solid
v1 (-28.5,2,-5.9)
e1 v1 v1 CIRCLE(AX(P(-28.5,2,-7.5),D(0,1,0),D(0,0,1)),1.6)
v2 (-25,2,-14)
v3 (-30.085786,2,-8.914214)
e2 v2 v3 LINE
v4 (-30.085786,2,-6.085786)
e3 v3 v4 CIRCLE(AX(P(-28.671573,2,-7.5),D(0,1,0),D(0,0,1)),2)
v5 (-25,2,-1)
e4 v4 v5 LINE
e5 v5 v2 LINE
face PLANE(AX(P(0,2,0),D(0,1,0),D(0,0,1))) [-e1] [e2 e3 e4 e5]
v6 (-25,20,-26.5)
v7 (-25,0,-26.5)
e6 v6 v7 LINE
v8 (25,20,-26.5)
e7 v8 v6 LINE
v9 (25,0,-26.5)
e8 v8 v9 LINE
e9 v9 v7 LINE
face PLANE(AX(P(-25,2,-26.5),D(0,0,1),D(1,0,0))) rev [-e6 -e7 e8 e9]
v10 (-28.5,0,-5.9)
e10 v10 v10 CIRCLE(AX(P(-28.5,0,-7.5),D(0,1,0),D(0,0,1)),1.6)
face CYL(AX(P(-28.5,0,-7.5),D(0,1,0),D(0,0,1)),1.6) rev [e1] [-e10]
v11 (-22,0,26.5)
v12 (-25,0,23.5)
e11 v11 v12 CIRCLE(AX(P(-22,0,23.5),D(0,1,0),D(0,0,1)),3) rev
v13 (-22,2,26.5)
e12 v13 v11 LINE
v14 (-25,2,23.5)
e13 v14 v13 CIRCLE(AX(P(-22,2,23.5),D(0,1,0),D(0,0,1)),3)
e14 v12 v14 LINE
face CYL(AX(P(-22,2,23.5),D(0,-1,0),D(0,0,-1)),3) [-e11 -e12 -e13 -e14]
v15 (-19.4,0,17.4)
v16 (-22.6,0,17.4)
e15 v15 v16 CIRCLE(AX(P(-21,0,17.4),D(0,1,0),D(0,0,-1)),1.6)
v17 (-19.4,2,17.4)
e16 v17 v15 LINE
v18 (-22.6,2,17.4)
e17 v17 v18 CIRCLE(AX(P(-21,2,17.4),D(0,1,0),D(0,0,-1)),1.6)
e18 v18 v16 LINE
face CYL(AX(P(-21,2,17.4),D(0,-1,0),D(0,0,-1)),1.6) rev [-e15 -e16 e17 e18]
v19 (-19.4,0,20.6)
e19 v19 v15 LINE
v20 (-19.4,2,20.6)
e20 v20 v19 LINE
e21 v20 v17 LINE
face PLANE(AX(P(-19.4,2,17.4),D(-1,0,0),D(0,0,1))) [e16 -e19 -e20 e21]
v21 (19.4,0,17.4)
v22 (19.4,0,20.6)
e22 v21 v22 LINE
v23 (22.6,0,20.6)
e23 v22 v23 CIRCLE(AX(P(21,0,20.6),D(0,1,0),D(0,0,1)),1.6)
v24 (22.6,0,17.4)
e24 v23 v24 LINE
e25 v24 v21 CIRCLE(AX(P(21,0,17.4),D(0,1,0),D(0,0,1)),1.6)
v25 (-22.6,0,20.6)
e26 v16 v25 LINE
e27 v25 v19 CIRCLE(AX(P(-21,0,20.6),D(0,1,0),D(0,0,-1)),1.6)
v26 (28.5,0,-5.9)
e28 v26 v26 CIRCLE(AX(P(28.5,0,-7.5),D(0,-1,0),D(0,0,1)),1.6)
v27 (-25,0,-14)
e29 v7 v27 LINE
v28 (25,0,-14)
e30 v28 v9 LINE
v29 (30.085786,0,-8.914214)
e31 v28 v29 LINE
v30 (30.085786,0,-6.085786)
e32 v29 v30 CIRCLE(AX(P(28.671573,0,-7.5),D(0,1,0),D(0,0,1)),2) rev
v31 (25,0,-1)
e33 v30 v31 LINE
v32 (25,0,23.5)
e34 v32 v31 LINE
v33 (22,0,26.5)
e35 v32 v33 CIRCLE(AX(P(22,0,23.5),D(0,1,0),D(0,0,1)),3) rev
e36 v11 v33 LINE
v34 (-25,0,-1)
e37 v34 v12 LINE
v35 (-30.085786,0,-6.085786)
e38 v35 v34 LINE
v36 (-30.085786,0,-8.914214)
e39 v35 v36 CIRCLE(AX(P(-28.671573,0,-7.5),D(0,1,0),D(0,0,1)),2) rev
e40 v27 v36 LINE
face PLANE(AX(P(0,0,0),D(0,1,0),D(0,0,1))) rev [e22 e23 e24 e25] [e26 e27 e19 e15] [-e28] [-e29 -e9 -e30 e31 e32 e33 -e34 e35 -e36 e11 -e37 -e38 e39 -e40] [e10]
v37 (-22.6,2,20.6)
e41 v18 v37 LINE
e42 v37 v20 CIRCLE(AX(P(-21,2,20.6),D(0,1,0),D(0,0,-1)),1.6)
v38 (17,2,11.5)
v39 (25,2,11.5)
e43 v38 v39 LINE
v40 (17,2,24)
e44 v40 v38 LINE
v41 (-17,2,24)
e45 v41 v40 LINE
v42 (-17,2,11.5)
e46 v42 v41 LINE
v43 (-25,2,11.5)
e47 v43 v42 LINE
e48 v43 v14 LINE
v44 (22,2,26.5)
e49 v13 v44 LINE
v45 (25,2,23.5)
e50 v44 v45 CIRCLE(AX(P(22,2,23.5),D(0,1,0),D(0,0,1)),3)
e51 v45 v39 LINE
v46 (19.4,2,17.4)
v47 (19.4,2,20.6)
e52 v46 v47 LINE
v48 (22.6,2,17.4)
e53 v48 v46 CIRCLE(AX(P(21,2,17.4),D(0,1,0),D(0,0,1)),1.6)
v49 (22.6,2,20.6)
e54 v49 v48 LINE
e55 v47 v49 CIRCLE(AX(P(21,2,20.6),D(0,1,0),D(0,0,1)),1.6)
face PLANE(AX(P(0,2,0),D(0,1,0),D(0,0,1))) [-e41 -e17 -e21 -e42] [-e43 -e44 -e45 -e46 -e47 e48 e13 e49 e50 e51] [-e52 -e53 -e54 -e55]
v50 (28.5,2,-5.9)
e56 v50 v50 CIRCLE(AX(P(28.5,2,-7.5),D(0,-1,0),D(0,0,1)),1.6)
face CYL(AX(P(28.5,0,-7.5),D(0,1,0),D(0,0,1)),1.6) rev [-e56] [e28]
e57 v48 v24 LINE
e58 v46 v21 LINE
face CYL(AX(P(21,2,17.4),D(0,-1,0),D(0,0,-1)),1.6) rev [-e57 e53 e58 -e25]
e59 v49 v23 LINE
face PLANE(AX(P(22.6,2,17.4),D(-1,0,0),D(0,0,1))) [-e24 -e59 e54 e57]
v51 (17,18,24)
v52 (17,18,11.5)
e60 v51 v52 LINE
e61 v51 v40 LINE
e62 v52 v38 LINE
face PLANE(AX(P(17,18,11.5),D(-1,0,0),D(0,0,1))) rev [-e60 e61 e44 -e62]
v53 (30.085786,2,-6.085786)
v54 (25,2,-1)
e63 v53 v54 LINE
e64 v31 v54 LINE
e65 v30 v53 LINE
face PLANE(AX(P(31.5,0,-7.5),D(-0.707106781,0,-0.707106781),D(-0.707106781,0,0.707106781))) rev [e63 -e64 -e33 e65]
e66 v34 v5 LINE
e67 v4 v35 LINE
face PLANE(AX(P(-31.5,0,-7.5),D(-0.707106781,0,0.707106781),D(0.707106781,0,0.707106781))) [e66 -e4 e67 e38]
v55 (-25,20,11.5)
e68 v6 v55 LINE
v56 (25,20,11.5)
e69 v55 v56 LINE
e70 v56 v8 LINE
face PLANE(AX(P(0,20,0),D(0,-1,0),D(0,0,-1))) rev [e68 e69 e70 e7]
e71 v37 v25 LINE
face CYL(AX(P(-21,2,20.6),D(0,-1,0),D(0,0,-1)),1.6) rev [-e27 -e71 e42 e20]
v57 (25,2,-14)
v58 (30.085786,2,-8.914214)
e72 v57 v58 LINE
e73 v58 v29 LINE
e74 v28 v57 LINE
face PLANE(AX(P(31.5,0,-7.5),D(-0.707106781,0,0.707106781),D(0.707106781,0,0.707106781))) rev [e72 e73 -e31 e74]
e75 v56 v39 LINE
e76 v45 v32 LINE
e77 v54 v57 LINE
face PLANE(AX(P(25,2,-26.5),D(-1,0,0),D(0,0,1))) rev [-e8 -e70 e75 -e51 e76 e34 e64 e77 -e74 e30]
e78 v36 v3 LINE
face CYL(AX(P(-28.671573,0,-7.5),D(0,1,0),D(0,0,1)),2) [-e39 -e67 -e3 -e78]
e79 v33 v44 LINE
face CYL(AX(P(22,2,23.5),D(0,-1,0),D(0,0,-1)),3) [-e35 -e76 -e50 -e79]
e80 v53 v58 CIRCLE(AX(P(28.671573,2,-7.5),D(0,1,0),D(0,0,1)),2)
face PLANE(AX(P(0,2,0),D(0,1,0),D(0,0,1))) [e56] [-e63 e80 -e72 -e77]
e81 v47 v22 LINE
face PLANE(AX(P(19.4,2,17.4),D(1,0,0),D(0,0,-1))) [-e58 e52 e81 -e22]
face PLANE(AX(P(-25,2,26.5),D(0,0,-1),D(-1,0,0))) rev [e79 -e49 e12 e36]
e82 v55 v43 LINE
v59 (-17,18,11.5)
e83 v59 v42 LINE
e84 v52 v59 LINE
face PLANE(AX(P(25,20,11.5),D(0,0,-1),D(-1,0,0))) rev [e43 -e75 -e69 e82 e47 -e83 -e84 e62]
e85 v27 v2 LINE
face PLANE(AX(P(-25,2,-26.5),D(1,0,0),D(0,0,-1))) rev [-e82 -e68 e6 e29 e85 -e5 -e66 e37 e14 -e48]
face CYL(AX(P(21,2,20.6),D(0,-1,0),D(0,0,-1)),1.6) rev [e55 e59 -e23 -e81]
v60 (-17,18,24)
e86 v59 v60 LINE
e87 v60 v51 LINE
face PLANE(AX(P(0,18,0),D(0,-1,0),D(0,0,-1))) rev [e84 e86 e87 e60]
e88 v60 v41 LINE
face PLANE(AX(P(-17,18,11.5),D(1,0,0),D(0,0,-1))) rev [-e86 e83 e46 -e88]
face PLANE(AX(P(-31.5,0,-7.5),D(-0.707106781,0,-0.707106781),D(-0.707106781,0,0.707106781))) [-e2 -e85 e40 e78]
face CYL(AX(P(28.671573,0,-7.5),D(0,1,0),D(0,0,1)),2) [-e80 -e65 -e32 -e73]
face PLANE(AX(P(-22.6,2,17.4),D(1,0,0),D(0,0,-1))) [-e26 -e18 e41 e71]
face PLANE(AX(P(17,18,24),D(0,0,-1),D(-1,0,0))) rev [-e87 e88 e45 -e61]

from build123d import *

# Parameters (mm, degrees)
SZKIC2_W                    = 50
SZKIC2_H                    = 53
DODANIE_WYCI_GNI_CIE1_DEPTH = 2
ZAOKR_GLENIE1_R             = 3
SZKIC3_W                    = 50
SZKIC3_H                    = 38
DODANIE_WYCI_GNI_CIE2_DEPTH = 18
SZKIC4_W                    = 34
SZKIC4_H                    = 12.5
DODANIE_WYCI_GNI_CIE3_DEPTH = 16
SZKIC5_R                    = 1.6
DODANIE_WYCI_GNI_CIE4_DEPTH = 2
ZAOKR_GLENIE2_R             = 2


with BuildPart() as part:
    # Szkic2 → Dodanie-wyciągnięcie1 (new body)
    with BuildSketch(Plane(origin=(0, 0, 0), x_dir=(1, 0, 0), z_dir=(0, 1, 0))):
        Rectangle(SZKIC2_W, SZKIC2_H)
        with BuildLine():
            Line((22.6, -17.4), (22.6, -20.6))
            ThreePointArc((22.6, -20.6), (21, -22.2), (19.4, -20.6))
            Line((19.4, -20.6), (19.4, -17.4))
            ThreePointArc((19.4, -17.4), (21, -15.8), (22.6, -17.4))
        make_face(mode=Mode.SUBTRACT)
        with BuildLine():
            Line((-22.6, -17.4), (-22.6, -20.6))
            ThreePointArc((-22.6, -20.6), (-21, -22.2), (-19.4, -20.6))
            Line((-19.4, -20.6), (-19.4, -17.4))
            ThreePointArc((-19.4, -17.4), (-21, -15.8), (-22.6, -17.4))
        make_face(mode=Mode.SUBTRACT)
    extrude(amount=DODANIE_WYCI_GNI_CIE1_DEPTH)

    # Zaokrąglenie1
    zaokr_glenie1_edges = [part.edges().sort_by_distance(p)[0] for p in [
        (25, 1, 26.5),
        (-25, 1, 26.5),
    ]]
    fillet(zaokr_glenie1_edges, radius=ZAOKR_GLENIE1_R)

    # Szkic3 → Dodanie-wyciągnięcie2 (add)
    with BuildSketch(Plane(origin=(0, 2, 0), x_dir=(1, 0, 0), z_dir=(0, 1, 0))):
        with Locations((0, 7.5)):
            Rectangle(SZKIC3_W, SZKIC3_H)
    extrude(amount=DODANIE_WYCI_GNI_CIE2_DEPTH)

    # Szkic4 → Dodanie-wyciągnięcie3 (add)
    with BuildSketch(Plane(origin=(0, 2, 0), x_dir=(1, 0, 0), z_dir=(0, 1, 0))):
        with Locations((0, -17.75)):
            Rectangle(SZKIC4_W, SZKIC4_H)
    extrude(amount=DODANIE_WYCI_GNI_CIE3_DEPTH)

    # Szkic5 → Dodanie-wyciągnięcie4 (add)
    with BuildSketch(Plane(origin=(0, 2, 0), x_dir=(1, 0, 0), z_dir=(0, 1, 0))):
        Polygon((-31.5, 7.5), (-25, 14), (-25, 1), align=None)
        with Locations(Location((-28.5, 7.5, 0), (0, 0, 270))):
            Circle(SZKIC5_R, mode=Mode.SUBTRACT)
    dodanie_wyci_gni_cie4 = extrude(amount=-DODANIE_WYCI_GNI_CIE4_DEPTH)

    # Lustro1: Dodanie-wyciągnięcie4 across plane
    add(dodanie_wyci_gni_cie4.mirror(Plane(origin=(0, 0, 0), x_dir=(0, 0, 1), z_dir=(1, 0, 0))))

    # Zaokrąglenie2
    zaokr_glenie2_edges = [part.edges().sort_by_distance(p)[0] for p in [
        (-31.5, 1, -7.5),
        (31.5, 1, -7.5),
    ]]
    fillet(zaokr_glenie2_edges, radius=ZAOKR_GLENIE2_R)


solid = part.part
